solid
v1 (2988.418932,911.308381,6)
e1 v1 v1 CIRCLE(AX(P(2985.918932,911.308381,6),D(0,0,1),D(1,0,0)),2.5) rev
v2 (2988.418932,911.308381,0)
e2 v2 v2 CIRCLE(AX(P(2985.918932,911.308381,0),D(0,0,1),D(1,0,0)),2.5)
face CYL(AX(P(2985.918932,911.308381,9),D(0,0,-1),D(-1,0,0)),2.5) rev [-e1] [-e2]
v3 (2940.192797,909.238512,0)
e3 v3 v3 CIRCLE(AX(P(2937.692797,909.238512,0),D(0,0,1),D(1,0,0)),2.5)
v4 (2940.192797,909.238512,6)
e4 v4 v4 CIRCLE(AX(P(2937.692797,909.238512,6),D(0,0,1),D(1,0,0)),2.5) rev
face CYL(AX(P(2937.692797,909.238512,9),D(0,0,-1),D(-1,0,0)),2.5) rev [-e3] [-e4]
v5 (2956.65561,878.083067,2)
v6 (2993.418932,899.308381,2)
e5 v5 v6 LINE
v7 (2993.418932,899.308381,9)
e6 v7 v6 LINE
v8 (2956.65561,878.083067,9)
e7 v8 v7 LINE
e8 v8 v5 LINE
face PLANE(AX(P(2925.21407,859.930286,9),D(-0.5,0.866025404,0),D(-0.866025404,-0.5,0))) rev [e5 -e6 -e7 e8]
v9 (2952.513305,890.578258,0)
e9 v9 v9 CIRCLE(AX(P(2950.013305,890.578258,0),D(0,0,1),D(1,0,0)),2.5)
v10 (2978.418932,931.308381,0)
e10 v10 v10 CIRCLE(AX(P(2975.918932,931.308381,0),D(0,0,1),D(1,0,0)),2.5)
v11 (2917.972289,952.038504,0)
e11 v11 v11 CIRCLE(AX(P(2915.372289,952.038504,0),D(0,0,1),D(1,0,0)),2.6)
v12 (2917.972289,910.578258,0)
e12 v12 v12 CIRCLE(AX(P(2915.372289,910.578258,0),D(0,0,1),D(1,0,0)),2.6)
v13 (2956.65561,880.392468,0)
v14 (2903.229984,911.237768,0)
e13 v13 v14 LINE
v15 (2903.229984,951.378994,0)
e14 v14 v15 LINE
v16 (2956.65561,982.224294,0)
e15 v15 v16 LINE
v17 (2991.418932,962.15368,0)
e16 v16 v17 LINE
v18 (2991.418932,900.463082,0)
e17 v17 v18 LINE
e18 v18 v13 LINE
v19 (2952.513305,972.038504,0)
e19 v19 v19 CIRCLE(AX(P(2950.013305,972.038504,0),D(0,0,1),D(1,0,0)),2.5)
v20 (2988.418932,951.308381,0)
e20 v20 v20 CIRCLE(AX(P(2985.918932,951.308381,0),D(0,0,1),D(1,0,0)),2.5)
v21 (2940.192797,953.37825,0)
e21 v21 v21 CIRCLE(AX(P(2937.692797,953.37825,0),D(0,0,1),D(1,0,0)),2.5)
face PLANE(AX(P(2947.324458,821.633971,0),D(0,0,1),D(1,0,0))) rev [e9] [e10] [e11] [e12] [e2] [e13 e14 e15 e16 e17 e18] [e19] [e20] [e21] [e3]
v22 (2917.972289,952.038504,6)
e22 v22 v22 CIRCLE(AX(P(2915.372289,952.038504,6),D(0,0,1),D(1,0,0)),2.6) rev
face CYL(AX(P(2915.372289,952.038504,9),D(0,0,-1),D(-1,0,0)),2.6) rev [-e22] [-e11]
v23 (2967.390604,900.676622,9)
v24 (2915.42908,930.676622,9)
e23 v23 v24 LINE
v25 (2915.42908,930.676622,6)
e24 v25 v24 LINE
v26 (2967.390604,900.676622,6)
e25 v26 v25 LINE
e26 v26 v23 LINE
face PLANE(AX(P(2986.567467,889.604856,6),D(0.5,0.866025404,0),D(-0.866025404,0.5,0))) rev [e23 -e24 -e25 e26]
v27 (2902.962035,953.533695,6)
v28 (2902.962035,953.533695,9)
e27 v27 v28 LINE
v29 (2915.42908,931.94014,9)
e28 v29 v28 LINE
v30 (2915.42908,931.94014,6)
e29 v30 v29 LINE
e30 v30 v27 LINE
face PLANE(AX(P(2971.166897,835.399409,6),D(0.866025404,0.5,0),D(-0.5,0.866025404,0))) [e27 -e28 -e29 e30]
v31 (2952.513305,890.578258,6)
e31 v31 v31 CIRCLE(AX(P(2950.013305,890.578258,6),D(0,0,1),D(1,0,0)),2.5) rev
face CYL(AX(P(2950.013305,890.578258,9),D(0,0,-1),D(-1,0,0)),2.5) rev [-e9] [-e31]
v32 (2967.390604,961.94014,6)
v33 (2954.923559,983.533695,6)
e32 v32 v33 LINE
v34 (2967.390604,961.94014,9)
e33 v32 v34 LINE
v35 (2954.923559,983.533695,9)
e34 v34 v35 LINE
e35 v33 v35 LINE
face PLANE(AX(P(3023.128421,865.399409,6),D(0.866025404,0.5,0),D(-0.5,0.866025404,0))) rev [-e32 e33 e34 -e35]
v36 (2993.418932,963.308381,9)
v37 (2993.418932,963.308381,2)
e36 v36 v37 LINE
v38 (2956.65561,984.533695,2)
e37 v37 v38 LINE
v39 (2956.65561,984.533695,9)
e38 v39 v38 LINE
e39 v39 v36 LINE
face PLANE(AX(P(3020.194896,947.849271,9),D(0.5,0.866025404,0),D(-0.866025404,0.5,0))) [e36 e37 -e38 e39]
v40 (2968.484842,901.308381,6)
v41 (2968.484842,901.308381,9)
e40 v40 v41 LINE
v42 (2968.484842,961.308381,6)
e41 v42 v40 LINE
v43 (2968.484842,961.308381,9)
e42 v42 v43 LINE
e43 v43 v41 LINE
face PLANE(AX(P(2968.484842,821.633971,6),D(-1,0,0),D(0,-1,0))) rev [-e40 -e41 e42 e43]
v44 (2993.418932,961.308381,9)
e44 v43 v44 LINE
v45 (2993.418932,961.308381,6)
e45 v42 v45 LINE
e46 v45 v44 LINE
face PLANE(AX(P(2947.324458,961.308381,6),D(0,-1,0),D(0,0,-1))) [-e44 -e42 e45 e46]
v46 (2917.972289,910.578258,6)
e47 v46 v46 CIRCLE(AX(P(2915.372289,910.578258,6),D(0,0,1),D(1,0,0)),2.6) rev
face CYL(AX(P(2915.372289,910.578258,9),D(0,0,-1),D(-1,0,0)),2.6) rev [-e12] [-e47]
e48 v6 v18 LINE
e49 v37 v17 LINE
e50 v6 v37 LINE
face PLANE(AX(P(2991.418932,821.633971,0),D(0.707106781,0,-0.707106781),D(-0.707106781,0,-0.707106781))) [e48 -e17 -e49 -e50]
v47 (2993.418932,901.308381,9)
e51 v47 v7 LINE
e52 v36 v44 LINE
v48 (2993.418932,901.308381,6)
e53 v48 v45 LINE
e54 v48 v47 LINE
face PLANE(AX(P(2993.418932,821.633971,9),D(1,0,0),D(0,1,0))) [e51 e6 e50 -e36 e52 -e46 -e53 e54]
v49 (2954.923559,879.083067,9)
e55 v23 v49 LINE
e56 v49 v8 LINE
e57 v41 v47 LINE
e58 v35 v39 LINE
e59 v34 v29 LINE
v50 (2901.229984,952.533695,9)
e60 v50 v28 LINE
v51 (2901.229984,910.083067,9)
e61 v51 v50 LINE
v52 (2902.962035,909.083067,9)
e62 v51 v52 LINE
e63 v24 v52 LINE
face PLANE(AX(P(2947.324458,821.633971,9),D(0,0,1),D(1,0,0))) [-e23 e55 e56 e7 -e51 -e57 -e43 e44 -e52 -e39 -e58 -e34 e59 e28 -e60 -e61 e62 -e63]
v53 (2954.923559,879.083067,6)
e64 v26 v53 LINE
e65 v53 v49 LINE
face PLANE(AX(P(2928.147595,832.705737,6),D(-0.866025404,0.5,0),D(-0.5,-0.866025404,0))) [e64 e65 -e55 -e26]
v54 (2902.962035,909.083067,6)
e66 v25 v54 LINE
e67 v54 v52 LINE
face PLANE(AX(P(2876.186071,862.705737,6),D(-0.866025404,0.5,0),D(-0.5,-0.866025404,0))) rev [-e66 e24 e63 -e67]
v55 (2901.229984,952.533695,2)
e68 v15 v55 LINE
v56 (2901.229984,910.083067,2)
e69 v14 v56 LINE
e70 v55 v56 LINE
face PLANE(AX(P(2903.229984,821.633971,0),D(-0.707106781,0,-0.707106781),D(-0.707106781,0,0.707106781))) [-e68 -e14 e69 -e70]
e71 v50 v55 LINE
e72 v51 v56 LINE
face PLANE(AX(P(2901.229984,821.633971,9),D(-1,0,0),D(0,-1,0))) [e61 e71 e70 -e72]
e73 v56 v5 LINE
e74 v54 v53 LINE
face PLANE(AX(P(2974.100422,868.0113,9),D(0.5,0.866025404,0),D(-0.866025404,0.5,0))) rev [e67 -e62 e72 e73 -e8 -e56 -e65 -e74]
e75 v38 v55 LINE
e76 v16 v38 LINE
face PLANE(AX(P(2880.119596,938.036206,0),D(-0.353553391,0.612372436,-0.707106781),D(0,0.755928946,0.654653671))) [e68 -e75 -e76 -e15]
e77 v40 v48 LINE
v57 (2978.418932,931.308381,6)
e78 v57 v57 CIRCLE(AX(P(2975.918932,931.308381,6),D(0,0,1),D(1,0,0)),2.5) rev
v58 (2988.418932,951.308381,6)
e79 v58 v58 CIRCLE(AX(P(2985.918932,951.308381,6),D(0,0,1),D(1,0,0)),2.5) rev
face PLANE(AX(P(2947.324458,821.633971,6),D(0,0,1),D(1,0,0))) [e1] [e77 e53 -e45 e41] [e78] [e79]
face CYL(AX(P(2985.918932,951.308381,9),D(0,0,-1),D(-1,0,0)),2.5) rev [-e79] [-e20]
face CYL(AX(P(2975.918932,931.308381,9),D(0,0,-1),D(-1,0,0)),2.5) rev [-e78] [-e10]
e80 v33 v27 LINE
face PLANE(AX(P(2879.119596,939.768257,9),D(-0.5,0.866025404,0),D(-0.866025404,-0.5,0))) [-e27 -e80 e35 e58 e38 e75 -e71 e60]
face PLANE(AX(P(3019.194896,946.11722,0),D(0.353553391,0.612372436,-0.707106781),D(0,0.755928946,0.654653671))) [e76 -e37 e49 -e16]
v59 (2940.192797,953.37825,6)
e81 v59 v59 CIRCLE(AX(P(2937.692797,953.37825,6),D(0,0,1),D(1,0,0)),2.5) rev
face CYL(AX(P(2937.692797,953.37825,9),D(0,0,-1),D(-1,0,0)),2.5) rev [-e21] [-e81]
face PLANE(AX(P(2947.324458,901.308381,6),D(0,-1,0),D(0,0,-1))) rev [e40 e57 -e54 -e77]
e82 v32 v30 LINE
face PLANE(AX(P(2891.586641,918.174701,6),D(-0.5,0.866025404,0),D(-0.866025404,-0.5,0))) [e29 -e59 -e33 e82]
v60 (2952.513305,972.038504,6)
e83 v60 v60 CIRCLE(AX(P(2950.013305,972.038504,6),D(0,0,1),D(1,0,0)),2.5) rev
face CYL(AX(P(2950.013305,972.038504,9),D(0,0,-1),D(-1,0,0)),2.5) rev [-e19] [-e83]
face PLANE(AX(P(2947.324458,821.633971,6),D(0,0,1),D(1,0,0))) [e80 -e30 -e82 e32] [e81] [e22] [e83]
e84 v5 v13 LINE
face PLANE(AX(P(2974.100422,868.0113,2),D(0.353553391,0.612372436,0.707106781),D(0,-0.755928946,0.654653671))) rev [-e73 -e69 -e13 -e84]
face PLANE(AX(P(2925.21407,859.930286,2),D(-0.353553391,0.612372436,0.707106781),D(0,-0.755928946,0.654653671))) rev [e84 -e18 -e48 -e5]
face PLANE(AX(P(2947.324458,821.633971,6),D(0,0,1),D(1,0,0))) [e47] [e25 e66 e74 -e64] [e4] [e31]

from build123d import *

# Parameters (mm, degrees)
SKETCH1_R           = 2.6
SKETCH1_R_2         = 2.5
BOSS_EXTRUDE2_DEPTH = 9
CHAMFER1_SIZE       = 2
SKETCH3_R           = 2.6
SKETCH3_R_2         = 2.5
SKETCH3_W           = 24.934090133
SKETCH3_H           = 60
CUT_EXTRUDE1_DEPTH  = 3


with BuildPart() as part:
    # Sketch1 → Boss-Extrude2 (new body)
    with BuildSketch(Plane.XY):
        with BuildLine():
            ThreePointArc((2912.593825938, 925.76581843), (2909.393825938, 931.308381015), (2912.593825938, 936.850943599))
            Line((2912.593825938, 936.850943599), (2902.962034909, 953.533695028))
            Line((2902.962034909, 953.533695028), (2901.229984102, 952.533695028))
            Line((2901.229984102, 952.533695028), (2901.229984102, 910.083067001))
            Line((2901.229984102, 910.083067001), (2902.962034909, 909.083067001))
            Line((2902.962034909, 909.083067001), (2912.593825938, 925.76581843))
        make_face()
        with BuildLine():
            Line((2902.962034909, 953.533695028), (2912.593825938, 936.850943599))
            ThreePointArc((2912.593825938, 936.850943599), (2909.393825938, 931.308381015), (2912.593825938, 925.76581843))
            Line((2912.593825938, 925.76581843), (2902.962034909, 909.083067001))
            Line((2902.962034909, 909.083067001), (2954.923559136, 879.083067001))
            Line((2954.923559136, 879.083067001), (2964.555350165, 895.76581843))
            ThreePointArc((2964.555350165, 895.76581843), (2970.955350165, 895.76581843), (2974.155350165, 901.308381015))
            Line((2974.155350165, 901.308381015), (2993.418932222, 901.308381015))
            Line((2993.418932222, 901.308381015), (2993.418932222, 961.308381015))
            Line((2993.418932222, 961.308381015), (2974.155350165, 961.308381015))
            ThreePointArc((2974.155350165, 961.308381015), (2970.955350165, 966.850943599), (2964.555350165, 966.850943599))
            Line((2964.555350165, 966.850943599), (2954.923559136, 983.533695028))
            Line((2954.923559136, 983.533695028), (2902.962034909, 953.533695028))
        make_face()
        with Locations((2915.372288947, 910.57825753)):
            Circle(SKETCH1_R, mode=Mode.SUBTRACT)
        with Locations((2937.692797023, 909.238511568)):
            Circle(SKETCH1_R_2, mode=Mode.SUBTRACT)
        with Locations((2950.013305099, 890.57825753)):
            Circle(SKETCH1_R_2, mode=Mode.SUBTRACT)
        with Locations((2985.918932222, 911.308381015)):
            Circle(SKETCH1_R_2, mode=Mode.SUBTRACT)
        with Locations((2915.372288947, 952.0385045)):
            Circle(SKETCH1_R, mode=Mode.SUBTRACT)
        with BuildLine():
            Line((2920.935519946, 935.119284152), (2961.884164232, 958.760994954))
            ThreePointArc((2961.884164232, 958.760994954), (2964.555350165, 955.76581843), (2968.484842089, 954.950091816))
            Line((2968.484842089, 954.950091816), (2968.484842089, 907.666670213))
            ThreePointArc((2968.484842089, 907.666670213), (2964.555350165, 906.850943599), (2961.884164232, 903.855767076))
            Line((2961.884164232, 903.855767076), (2920.935519946, 927.497477877))
            ThreePointArc((2920.935519946, 927.497477877), (2922.193825938, 931.308381015), (2920.935519946, 935.119284152))
        make_face(mode=Mode.SUBTRACT)
        with Locations((2937.692797023, 953.378250462)):
            Circle(SKETCH1_R_2, mode=Mode.SUBTRACT)
        with Locations((2975.918932222, 931.308381015)):
            Circle(SKETCH1_R_2, mode=Mode.SUBTRACT)
        with Locations((2985.918932222, 951.308381015)):
            Circle(SKETCH1_R_2, mode=Mode.SUBTRACT)
        with Locations((2950.013305099, 972.0385045)):
            Circle(SKETCH1_R_2, mode=Mode.SUBTRACT)
        with BuildLine():
            Line((2956.655609944, 984.533695028), (2954.923559136, 983.533695028))
            Line((2954.923559136, 983.533695028), (2964.555350165, 966.850943599))
            ThreePointArc((2964.555350165, 966.850943599), (2970.955350165, 966.850943599), (2974.155350165, 961.308381015))
            Line((2974.155350165, 961.308381015), (2993.418932222, 961.308381015))
            Line((2993.418932222, 961.308381015), (2993.418932222, 963.308381015))
            Line((2993.418932222, 963.308381015), (2956.655609944, 984.533695028))
        make_face()
        with BuildLine():
            ThreePointArc((2961.884164232, 958.760994954), (2964.555350165, 955.76581843), (2968.484842089, 954.950091816))
            Line((2968.484842089, 954.950091816), (2968.484842089, 907.666670213))
            ThreePointArc((2968.484842089, 907.666670213), (2964.555350165, 906.850943599), (2961.884164232, 903.855767076))
            Line((2961.884164232, 903.855767076), (2920.935519946, 927.497477877))
            ThreePointArc((2920.935519946, 927.497477877), (2922.193825938, 931.308381015), (2920.935519946, 935.119284152))
            Line((2920.935519946, 935.119284152), (2961.884164232, 958.760994954))
        make_face()
        with BuildLine():
            Line((2964.555350165, 895.76581843), (2954.923559136, 879.083067001))
            Line((2954.923559136, 879.083067001), (2956.655609944, 878.083067001))
            Line((2956.655609944, 878.083067001), (2993.418932222, 899.308381015))
            Line((2993.418932222, 899.308381015), (2993.418932222, 901.308381015))
            Line((2993.418932222, 901.308381015), (2974.155350165, 901.308381015))
            ThreePointArc((2974.155350165, 901.308381015), (2970.955350165, 895.76581843), (2964.555350165, 895.76581843))
        make_face()
    extrude(amount=BOSS_EXTRUDE2_DEPTH)

    # Chamfer1
    chamfer1_edges = [part.edges().sort_by_distance(p)[0] for p in [
        (2975.037271083, 888.695724008, 0),
        (2928.942797023, 894.083067001, 0),
        (2901.229984102, 931.308381015, 0),
        (2928.942797023, 968.533695028, 0),
        (2975.037271083, 973.921038021, 0),
        (2993.418932222, 931.308381015, 0),
    ]]
    chamfer(chamfer1_edges, length=CHAMFER1_SIZE)

    # Sketch3 → Cut-Extrude1 (cut)
    with BuildSketch(Plane.XY.offset(9)):
        Polygon((2902.962034909, 909.083067001), (2954.923559136, 879.083067001), (2967.390604203, 900.676622476), (2915.429079976, 930.676622476), align=None)
        with Locations((2915.372288947, 910.57825753)):
            Circle(SKETCH3_R, mode=Mode.SUBTRACT)
        with Locations((2937.692797023, 909.238511568)):
            Circle(SKETCH3_R_2, mode=Mode.SUBTRACT)
        with Locations((2950.013305099, 890.57825753)):
            Circle(SKETCH3_R_2, mode=Mode.SUBTRACT)
        Polygon((2967.390604203, 961.940139553), (2954.923559136, 983.533695028), (2902.962034909, 953.533695028), (2915.429079976, 931.940139553), align=None)
        with Locations((2915.372288947, 952.0385045)):
            Circle(SKETCH3_R, mode=Mode.SUBTRACT)
        with Locations((2937.692797023, 953.378250462)):
            Circle(SKETCH3_R_2, mode=Mode.SUBTRACT)
        with Locations((2950.013305099, 972.0385045)):
            Circle(SKETCH3_R_2, mode=Mode.SUBTRACT)
        with Locations((2980.951887156, 931.308381015)):
            Rectangle(SKETCH3_W, SKETCH3_H)
        with Locations((2985.918932222, 911.308381015)):
            Circle(SKETCH3_R_2, mode=Mode.SUBTRACT)
        with Locations((2975.918932222, 931.308381015)):
            Circle(SKETCH3_R_2, mode=Mode.SUBTRACT)
        with Locations((2985.918932222, 951.308381015)):
            Circle(SKETCH3_R_2, mode=Mode.SUBTRACT)
    extrude(amount=-CUT_EXTRUDE1_DEPTH, mode=Mode.SUBTRACT)


solid = part.part
